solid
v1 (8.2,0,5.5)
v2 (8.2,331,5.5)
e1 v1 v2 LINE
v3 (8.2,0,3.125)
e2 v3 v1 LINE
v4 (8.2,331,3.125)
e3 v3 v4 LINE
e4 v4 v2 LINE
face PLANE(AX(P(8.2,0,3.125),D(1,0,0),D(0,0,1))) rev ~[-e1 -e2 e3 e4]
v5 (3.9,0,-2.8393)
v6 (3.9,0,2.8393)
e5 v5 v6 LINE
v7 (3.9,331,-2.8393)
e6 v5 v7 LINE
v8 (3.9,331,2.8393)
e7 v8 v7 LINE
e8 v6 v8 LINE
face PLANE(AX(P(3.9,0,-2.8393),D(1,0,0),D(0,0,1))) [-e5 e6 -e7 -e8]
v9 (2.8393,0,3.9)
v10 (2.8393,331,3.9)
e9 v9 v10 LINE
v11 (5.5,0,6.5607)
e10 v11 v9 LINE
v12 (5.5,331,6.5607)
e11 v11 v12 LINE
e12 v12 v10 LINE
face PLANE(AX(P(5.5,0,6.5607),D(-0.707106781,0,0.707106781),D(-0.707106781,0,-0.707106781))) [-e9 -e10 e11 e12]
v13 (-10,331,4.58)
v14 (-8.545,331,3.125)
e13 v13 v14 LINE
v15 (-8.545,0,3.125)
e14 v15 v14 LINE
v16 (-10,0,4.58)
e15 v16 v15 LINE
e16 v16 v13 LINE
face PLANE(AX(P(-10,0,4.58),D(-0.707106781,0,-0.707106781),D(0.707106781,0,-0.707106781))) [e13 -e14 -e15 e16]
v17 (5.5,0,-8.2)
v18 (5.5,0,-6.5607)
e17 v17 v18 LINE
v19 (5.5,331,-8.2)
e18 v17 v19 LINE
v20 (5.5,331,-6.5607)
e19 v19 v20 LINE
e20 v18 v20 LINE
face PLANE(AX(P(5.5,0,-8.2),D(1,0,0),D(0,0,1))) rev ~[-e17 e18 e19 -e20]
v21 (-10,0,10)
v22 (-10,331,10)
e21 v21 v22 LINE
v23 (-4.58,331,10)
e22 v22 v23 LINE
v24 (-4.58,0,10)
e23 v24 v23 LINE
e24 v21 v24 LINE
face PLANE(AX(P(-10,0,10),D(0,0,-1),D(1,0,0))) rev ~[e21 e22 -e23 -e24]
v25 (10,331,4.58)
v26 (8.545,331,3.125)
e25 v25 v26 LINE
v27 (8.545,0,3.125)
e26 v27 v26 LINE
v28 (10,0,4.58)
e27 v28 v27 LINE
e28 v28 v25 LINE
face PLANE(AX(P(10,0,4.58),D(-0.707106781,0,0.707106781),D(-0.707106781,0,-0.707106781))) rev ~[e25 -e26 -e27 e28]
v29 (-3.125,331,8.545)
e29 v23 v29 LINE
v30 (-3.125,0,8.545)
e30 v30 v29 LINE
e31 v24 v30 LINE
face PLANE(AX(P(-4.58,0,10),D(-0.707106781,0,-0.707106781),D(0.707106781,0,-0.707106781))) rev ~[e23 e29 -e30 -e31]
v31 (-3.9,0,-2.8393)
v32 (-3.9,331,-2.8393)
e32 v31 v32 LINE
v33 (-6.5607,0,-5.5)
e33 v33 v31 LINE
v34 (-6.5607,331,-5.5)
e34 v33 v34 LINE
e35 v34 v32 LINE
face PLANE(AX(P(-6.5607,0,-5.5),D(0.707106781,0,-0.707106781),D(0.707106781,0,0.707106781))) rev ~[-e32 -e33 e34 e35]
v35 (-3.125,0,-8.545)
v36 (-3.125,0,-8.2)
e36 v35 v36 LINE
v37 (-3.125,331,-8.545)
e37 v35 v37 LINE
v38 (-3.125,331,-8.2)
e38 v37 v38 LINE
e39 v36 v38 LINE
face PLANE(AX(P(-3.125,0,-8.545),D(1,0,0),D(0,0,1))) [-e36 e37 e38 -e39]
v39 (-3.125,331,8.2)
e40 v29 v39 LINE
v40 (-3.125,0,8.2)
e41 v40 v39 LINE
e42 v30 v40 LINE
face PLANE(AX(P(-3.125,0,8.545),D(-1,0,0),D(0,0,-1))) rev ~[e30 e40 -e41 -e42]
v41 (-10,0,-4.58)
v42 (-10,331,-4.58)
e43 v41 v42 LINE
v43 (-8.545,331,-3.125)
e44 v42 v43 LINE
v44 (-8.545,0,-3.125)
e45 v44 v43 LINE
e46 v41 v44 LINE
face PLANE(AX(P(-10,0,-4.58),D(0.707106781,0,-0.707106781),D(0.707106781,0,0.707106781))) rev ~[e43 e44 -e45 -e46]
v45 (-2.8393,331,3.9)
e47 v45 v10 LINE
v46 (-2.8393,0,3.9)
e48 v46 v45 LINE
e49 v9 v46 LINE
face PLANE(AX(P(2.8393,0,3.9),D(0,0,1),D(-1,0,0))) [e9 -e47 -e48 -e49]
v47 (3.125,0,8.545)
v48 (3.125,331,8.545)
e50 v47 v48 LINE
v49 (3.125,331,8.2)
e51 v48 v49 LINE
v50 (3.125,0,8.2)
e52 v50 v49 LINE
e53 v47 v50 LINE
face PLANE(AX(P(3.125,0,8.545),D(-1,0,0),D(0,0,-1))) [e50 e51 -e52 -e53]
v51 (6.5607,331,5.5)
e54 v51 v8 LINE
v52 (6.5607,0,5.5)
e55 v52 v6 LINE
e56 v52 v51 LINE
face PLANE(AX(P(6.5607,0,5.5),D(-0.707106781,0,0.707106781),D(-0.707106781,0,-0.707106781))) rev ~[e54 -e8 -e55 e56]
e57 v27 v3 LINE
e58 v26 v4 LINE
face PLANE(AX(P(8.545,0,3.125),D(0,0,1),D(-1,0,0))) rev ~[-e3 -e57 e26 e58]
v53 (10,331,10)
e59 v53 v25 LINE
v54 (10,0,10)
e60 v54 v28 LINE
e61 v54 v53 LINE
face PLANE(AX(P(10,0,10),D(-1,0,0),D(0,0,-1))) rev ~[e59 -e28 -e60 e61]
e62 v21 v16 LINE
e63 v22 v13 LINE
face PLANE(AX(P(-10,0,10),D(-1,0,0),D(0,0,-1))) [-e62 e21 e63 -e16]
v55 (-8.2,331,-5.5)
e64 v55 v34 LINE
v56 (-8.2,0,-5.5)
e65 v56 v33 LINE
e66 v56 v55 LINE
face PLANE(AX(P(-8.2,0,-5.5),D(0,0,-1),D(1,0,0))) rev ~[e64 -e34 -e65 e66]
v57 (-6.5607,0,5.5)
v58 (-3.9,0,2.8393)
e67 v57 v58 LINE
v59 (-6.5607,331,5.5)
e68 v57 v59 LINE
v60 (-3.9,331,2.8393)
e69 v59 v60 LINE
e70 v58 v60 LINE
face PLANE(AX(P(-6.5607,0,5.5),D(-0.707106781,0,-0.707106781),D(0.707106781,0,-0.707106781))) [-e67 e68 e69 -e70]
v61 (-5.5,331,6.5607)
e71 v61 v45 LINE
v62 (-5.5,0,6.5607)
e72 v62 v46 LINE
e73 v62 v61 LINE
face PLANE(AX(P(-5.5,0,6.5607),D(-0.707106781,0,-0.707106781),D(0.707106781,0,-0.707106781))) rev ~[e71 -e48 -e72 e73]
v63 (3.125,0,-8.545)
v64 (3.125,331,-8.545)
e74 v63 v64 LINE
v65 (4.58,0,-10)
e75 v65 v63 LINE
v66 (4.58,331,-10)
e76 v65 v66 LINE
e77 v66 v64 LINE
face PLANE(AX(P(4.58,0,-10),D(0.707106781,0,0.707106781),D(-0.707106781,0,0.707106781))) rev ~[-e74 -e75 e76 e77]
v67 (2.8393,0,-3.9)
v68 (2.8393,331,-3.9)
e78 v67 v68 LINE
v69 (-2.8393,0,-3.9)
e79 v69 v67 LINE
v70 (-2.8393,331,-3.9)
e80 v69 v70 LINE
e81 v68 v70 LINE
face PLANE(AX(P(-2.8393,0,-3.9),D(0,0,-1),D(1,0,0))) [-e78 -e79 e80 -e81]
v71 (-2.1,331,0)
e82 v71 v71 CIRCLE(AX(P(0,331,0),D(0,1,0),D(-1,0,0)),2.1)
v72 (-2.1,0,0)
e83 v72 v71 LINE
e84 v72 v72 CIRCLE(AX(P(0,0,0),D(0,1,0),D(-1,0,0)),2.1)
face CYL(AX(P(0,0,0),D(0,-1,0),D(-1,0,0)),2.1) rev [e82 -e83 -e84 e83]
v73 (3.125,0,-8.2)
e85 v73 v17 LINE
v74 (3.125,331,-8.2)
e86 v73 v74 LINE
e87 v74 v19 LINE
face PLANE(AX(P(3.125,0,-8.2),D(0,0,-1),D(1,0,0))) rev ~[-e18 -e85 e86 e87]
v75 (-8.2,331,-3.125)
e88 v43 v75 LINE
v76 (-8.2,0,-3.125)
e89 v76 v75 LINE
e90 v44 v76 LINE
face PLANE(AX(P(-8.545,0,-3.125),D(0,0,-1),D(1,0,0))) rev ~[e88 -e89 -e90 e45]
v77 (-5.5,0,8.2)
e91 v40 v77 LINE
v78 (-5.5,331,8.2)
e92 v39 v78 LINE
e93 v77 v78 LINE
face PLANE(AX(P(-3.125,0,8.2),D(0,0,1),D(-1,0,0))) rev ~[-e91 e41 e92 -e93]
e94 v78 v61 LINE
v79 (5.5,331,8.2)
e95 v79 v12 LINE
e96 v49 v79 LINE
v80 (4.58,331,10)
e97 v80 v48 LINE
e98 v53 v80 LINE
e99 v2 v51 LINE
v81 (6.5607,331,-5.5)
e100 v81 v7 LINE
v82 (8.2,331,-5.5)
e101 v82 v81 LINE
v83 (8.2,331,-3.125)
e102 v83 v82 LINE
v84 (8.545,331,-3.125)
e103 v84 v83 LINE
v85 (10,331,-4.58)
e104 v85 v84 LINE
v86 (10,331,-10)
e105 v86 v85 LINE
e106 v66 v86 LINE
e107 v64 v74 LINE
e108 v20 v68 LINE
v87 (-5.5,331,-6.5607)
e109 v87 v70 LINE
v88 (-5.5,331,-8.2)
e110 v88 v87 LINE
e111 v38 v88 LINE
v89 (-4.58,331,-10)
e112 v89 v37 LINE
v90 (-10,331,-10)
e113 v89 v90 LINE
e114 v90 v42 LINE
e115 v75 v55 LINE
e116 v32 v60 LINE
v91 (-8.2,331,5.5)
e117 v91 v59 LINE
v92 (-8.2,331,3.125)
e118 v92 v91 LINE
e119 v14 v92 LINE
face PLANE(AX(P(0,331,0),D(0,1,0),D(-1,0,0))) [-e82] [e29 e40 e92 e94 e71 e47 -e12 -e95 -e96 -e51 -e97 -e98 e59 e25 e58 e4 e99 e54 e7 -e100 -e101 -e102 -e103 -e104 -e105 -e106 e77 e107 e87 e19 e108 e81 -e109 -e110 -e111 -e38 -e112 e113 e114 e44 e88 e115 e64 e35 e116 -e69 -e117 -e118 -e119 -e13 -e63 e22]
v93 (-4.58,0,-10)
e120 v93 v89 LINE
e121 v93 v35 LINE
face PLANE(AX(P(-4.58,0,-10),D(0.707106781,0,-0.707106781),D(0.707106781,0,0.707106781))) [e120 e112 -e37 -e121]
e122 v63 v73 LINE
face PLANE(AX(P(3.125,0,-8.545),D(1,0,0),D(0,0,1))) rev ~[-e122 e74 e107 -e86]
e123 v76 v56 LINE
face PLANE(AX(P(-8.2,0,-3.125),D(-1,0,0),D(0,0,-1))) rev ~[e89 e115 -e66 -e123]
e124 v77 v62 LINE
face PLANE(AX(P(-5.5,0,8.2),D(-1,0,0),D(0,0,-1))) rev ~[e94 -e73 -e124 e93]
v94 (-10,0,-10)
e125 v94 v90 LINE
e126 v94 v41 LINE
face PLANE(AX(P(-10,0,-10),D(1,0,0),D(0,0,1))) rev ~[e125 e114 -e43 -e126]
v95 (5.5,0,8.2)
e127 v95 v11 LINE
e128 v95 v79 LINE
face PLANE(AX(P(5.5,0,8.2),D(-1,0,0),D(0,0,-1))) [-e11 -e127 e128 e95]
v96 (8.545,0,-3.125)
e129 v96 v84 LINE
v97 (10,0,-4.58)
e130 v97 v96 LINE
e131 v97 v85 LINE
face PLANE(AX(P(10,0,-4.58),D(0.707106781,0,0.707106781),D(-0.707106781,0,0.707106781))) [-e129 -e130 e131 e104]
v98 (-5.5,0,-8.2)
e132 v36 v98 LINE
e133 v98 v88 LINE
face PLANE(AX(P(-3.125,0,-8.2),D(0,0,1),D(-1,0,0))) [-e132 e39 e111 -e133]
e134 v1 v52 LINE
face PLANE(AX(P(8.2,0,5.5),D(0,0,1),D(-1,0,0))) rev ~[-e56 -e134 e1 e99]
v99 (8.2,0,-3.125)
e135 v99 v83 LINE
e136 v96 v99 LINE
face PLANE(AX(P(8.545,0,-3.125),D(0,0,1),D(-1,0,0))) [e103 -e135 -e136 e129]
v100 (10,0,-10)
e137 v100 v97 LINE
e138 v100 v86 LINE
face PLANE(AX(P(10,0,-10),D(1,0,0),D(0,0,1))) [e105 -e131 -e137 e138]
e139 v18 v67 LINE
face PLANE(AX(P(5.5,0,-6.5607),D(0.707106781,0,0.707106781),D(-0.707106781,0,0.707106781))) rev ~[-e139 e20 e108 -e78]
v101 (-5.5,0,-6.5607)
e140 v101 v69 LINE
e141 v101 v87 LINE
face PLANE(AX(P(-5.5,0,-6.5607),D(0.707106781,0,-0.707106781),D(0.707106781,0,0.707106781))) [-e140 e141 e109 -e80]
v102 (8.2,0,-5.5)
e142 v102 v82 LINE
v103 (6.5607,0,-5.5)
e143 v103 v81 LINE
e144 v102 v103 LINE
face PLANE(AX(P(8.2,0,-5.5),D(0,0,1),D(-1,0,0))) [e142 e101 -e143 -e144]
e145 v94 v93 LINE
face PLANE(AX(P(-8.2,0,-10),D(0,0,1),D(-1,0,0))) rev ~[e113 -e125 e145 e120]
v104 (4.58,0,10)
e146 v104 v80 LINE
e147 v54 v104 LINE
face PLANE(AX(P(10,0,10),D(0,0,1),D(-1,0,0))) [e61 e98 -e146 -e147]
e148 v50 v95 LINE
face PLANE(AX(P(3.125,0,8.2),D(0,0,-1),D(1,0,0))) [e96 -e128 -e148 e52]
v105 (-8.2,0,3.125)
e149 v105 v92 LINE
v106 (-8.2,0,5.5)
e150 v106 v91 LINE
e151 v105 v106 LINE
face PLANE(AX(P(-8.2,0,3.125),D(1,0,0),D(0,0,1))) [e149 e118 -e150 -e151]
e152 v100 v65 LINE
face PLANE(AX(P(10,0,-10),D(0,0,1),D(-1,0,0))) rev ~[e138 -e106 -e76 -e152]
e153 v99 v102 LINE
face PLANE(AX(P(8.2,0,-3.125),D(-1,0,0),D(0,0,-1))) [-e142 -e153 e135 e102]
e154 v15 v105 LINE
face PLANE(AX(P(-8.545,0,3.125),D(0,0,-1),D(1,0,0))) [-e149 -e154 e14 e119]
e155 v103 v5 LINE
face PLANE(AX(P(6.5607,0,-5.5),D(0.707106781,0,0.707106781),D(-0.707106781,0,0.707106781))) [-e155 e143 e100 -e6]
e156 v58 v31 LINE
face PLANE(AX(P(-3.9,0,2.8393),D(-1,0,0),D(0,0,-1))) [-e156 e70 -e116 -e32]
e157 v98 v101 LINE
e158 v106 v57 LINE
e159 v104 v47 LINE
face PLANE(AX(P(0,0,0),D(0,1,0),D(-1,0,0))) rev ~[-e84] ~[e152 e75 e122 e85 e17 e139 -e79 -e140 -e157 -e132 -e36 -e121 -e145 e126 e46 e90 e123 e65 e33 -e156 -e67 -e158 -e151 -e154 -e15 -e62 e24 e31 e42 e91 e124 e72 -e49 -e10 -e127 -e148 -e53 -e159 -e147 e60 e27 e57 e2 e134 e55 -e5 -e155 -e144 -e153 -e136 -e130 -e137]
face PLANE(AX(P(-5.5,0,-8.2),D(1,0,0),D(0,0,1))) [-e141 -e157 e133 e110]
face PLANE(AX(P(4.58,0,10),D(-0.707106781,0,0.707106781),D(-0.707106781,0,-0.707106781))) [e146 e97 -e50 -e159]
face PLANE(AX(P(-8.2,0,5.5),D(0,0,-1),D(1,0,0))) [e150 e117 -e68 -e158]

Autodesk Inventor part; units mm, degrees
sketch "Sketch1" plane through (0, 0, 0) normal (0, 1, 0) x (-1, 0, 0)
  circle A0 centre (0, 0) radius 2.1
  line L0 (10, 10) -> (-10, 10) construction
  line L1 (-10, 10) -> (-10, -10) construction
  line L2 (-10, -10) -> (10, -10)
  line L3 (10, -10) -> (10, 10) construction
  line L4 (10, 10) -> (-10, -10) construction
  line L5 (-10, 10) -> (10, -10) construction
  line L6 (8.2, 10) -> (8.2, -10) construction
  line L7 (3.9, 10) -> (3.9, -10) construction
  line L8 (8.2, 3.125) -> (8.2, -3.125) construction
  line L9 (10, 4.58) -> (10, -4.58) construction
  line L10 (8.2, 5.5) -> (8.2, -5.5) construction
  line L11 (3.3697, 4.4303) -> (4.4303, 3.3697) construction
  line L12 (10, 10) -> (10, 4.58)
  line L13 (10, 4.58) -> (8.545, 3.125)
  line L14 (8.545, 3.125) -> (8.2, 3.125)
  line L15 (8.2, 3.125) -> (8.2, 5.5)
  line L16 (14, 0) -> (-14, 0) construction
  line L17 (8.2, 5.5) -> (6.5607, 5.5)
  line L18 (6.5607, 5.5) -> (3.9, 2.8393)
  line L19 (3.9, 2.8393) -> (3.9, 0)
  line L20 (10, -10) -> (10, -4.58)
  line L21 (10, -4.58) -> (8.545, -3.125)
  line L22 (8.545, -3.125) -> (8.2, -3.125)
  line L23 (8.2, -3.125) -> (8.2, -5.5)
  line L24 (8.2, -5.5) -> (6.5607, -5.5)
  line L25 (6.5607, -5.5) -> (3.9, -2.8393)
  line L26 (3.9, -2.8393) -> (3.9, 0)
  line L27 (-10, 10) -> (-4.58, 10)
  line L28 (-4.58, 10) -> (-3.125, 8.545)
  line L29 (-3.125, 8.2) -> (-5.5, 8.2)
  line L30 (-5.5, 8.2) -> (-5.5, 6.5607)
  line L31 (-5.5, 6.5607) -> (-2.8393, 3.9)
  line L32 (-2.8393, 3.9) -> (0, 3.9)
  line L33 (2.8393, 3.9) -> (0, 3.9)
  line L34 (5.5, 6.5607) -> (2.8393, 3.9)
  line L35 (5.5, 8.2) -> (5.5, 6.5607)
  line L36 (3.125, 8.2) -> (5.5, 8.2)
  line L37 (3.125, 8.545) -> (3.125, 8.2)
  line L38 (4.58, 10) -> (3.125, 8.545)
  line L39 (-3.125, 8.545) -> (-3.125, 8.2)
  line L40 (10, 10) -> (4.58, 10)
  line L41 (-10, -10) -> (-10, -4.58)
  line L42 (-10, -4.58) -> (-8.545, -3.125)
  line L43 (-8.2, -3.125) -> (-8.2, -5.5)
  line L44 (-8.2, -5.5) -> (-6.5607, -5.5)
  line L45 (-6.5607, -5.5) -> (-3.9, -2.8393)
  line L46 (-3.9, -2.8393) -> (-3.9, 0)
  line L47 (-3.9, 2.8393) -> (-3.9, 0)
  line L48 (-6.5607, 5.5) -> (-3.9, 2.8393)
  line L49 (-8.2, 5.5) -> (-6.5607, 5.5)
  line L50 (-8.2, 3.125) -> (-8.2, 5.5)
  line L51 (-8.545, 3.125) -> (-8.2, 3.125)
  line L52 (-10, 4.58) -> (-8.545, 3.125)
  line L53 (-8.545, -3.125) -> (-8.2, -3.125)
  line L54 (-10, 10) -> (-10, 4.58)
  line L55 (10, -10) -> (4.58, -10) construction
  line L56 (4.58, -10) -> (3.125, -8.545)
  line L57 (3.125, -8.2) -> (5.5, -8.2)
  line L58 (5.5, -8.2) -> (5.5, -6.5607)
  line L59 (5.5, -6.5607) -> (2.8393, -3.9)
  line L60 (2.8393, -3.9) -> (0, -3.9)
  line L61 (-2.8393, -3.9) -> (0, -3.9)
  line L62 (-5.5, -6.5607) -> (-2.8393, -3.9)
  line L63 (-5.5, -8.2) -> (-5.5, -6.5607)
  line L64 (-3.125, -8.2) -> (-5.5, -8.2)
  line L65 (-3.125, -8.545) -> (-3.125, -8.2)
  line L66 (-4.58, -10) -> (-3.125, -8.545)
  line L67 (3.125, -8.545) -> (3.125, -8.2)
  line L68 (-10, -10) -> (-4.58, -10) construction
  line L69 (5.5, -6.5607) -> (6.2393, -7.3)
  line L70 (6.2393, -7.3) -> (8.2, -7.3)
  line L71 (0, -10) -> (0, -9) construction
  line L72 (-5.5, -6.5607) -> (-6.2393, -7.3)
  line L73 (-6.2393, -7.3) -> (-8.2, -7.3)
  line L74 (8.2, -7.3) -> (8.2, -10)
  line L75 (-8.2, -7.3) -> (-8.2, -10)
  circle A1 centre (0, -20) radius 2.1
  line L76 (10, -30) -> (10, -24.58)
  line L77 (10, -24.58) -> (8.545, -23.125)
  line L78 (8.545, -23.125) -> (8.2, -23.125)
  line L79 (8.2, -23.125) -> (8.2, -25.5)
  line L80 (8.2, -25.5) -> (6.5607, -25.5)
  line L81 (6.5607, -25.5) -> (3.9, -22.8393)
  line L82 (3.9, -22.8393) -> (3.9, -20)
  line L83 (10, -10) -> (10, -15.42)
  line L84 (10, -15.42) -> (8.545, -16.875)
  line L85 (8.2, -16.875) -> (8.2, -14.5)
  line L86 (8.2, -14.5) -> (6.5607, -14.5)
  line L87 (6.5607, -14.5) -> (3.9, -17.1607)
  line L88 (3.9, -17.1607) -> (3.9, -20)
  line L89 (-10, -30) -> (-4.58, -30)
  line L90 (-4.58, -30) -> (-3.125, -28.545)
  line L91 (-3.125, -28.2) -> (-5.5, -28.2)
  line L92 (-5.5, -28.2) -> (-5.5, -26.5607)
  line L93 (-5.5, -26.5607) -> (-2.8393, -23.9)
  line L94 (-2.8393, -23.9) -> (0, -23.9)
  line L95 (2.8393, -23.9) -> (0, -23.9)
  line L96 (5.5, -26.5607) -> (2.8393, -23.9)
  line L97 (5.5, -28.2) -> (5.5, -26.5607)
  line L98 (3.125, -28.2) -> (5.5, -28.2)
  line L99 (3.125, -28.545) -> (3.125, -28.2)
  line L100 (4.58, -30) -> (3.125, -28.545)
  line L101 (-3.125, -28.545) -> (-3.125, -28.2)
  line L102 (10, -30) -> (4.58, -30)
  line L103 (-10, -10) -> (-10, -15.42)
  line L104 (-10, -15.42) -> (-8.545, -16.875)
  line L105 (-8.2, -16.875) -> (-8.2, -14.5)
  line L106 (-8.2, -14.5) -> (-6.5607, -14.5)
  line L107 (-6.5607, -14.5) -> (-3.9, -17.1607)
  line L108 (-3.9, -17.1607) -> (-3.9, -20)
  line L109 (-3.9, -22.8393) -> (-3.9, -20)
  line L110 (-6.5607, -25.5) -> (-3.9, -22.8393)
  line L111 (-8.2, -25.5) -> (-6.5607, -25.5)
  line L112 (-8.2, -23.125) -> (-8.2, -25.5)
  line L113 (-8.545, -23.125) -> (-8.2, -23.125)
  line L114 (-10, -24.58) -> (-8.545, -23.125)
  line L115 (-8.545, -16.875) -> (-8.2, -16.875)
  line L116 (-10, -30) -> (-10, -24.58)
  line L117 (5.5, -13.4393) -> (2.8393, -16.1)
  line L118 (2.8393, -16.1) -> (0, -16.1)
  line L119 (-2.8393, -16.1) -> (0, -16.1)
  line L120 (-5.5, -13.4393) -> (-2.8393, -16.1)
  line L121 (5.5, -13.4393) -> (6.2393, -12.7)
  line L122 (6.2393, -12.7) -> (8.2, -12.7)
  line L123 (-5.5, -13.4393) -> (-6.2393, -12.7)
  line L124 (-6.2393, -12.7) -> (-8.2, -12.7)
  line L125 (8.2, -12.7) -> (8.2, -10)
  line L126 (-8.2, -12.7) -> (-8.2, -10)
  line L127 (8.545, -16.875) -> (8.2, -16.875)
  point P0 (10, 0)
  point P1 (8.2, 0)
  point P2 (3.9, 3.9)
  point P3 (-3.3697, 4.4303)
  point P4 (-4.4303, -3.3697)
  point P5 (3.3697, -4.4303)
  dimension "d0" = 4.2
  dimension "d1" = 20
  dimension "d2" = 20
  dimension "d3" = 1.8
  dimension "d4" = 4.3
  dimension "d5" = 6.25
  dimension "d6" = 9.16
  dimension "d7" = 11
  dimension "d8" = 1.5
  dimension "d9" = 45
  dimension "d12" = 360
  dimension "d17" = 1.8
  dimension "d18" = 1
extrude "Extrusion1" add sketch "Sketch1" along normal blind 331 contours L41 L42 L53 L43 L44 L45 L46 L47 L48 L49 L50 L51 L52 L54 L27 L28 L39 L29 L30 L31 L32 L33 L34 L35 L36 L37 L38 L40 L12 L13 L14 L15 L17 L18 L19 L26 L25 L24 L23 L22 L21 L20 L2 L74 L70 L69 L59 L60 L61 L62 L72 L73 L75 | L75 L73 L72 L63 L64 L65 L66 L2 | L56 L67 L57 L58 L69 L70 L74 L2
ref_plane "Work Plane1" through (-2.8393, 0, 0) normal (0, 0, -1) x (-1, 0, 0)
ref_plane "Work Plane2" through (0, 0, 4.58) normal (1, 0, 0) x (0, 0, -1)
ref_plane "Work Plane3" through (0, 165.5, 0) normal (0, 1, 0) x (1, 0, 0)
ref_plane "Work Plane5" through (0, 165.5, 0) normal (0, -1, 0) x (1, 0, 0)
ref_plane "Work Plane7" through (0, 0, 4.58) normal (1, 0, 0) x (0, 0, -1)
ref_plane "Plano de trabajo8" through (0, 0, -10) normal (1, 0, 0) x (0, 0, -1)
ref_plane "Work Plane9" through (0, 165.5, 0) normal (0, -1, 0) x (1, 0, 0)
properties part number "VSLOT 2040 Extrusion x 1m" material "Aluminum 6061"
